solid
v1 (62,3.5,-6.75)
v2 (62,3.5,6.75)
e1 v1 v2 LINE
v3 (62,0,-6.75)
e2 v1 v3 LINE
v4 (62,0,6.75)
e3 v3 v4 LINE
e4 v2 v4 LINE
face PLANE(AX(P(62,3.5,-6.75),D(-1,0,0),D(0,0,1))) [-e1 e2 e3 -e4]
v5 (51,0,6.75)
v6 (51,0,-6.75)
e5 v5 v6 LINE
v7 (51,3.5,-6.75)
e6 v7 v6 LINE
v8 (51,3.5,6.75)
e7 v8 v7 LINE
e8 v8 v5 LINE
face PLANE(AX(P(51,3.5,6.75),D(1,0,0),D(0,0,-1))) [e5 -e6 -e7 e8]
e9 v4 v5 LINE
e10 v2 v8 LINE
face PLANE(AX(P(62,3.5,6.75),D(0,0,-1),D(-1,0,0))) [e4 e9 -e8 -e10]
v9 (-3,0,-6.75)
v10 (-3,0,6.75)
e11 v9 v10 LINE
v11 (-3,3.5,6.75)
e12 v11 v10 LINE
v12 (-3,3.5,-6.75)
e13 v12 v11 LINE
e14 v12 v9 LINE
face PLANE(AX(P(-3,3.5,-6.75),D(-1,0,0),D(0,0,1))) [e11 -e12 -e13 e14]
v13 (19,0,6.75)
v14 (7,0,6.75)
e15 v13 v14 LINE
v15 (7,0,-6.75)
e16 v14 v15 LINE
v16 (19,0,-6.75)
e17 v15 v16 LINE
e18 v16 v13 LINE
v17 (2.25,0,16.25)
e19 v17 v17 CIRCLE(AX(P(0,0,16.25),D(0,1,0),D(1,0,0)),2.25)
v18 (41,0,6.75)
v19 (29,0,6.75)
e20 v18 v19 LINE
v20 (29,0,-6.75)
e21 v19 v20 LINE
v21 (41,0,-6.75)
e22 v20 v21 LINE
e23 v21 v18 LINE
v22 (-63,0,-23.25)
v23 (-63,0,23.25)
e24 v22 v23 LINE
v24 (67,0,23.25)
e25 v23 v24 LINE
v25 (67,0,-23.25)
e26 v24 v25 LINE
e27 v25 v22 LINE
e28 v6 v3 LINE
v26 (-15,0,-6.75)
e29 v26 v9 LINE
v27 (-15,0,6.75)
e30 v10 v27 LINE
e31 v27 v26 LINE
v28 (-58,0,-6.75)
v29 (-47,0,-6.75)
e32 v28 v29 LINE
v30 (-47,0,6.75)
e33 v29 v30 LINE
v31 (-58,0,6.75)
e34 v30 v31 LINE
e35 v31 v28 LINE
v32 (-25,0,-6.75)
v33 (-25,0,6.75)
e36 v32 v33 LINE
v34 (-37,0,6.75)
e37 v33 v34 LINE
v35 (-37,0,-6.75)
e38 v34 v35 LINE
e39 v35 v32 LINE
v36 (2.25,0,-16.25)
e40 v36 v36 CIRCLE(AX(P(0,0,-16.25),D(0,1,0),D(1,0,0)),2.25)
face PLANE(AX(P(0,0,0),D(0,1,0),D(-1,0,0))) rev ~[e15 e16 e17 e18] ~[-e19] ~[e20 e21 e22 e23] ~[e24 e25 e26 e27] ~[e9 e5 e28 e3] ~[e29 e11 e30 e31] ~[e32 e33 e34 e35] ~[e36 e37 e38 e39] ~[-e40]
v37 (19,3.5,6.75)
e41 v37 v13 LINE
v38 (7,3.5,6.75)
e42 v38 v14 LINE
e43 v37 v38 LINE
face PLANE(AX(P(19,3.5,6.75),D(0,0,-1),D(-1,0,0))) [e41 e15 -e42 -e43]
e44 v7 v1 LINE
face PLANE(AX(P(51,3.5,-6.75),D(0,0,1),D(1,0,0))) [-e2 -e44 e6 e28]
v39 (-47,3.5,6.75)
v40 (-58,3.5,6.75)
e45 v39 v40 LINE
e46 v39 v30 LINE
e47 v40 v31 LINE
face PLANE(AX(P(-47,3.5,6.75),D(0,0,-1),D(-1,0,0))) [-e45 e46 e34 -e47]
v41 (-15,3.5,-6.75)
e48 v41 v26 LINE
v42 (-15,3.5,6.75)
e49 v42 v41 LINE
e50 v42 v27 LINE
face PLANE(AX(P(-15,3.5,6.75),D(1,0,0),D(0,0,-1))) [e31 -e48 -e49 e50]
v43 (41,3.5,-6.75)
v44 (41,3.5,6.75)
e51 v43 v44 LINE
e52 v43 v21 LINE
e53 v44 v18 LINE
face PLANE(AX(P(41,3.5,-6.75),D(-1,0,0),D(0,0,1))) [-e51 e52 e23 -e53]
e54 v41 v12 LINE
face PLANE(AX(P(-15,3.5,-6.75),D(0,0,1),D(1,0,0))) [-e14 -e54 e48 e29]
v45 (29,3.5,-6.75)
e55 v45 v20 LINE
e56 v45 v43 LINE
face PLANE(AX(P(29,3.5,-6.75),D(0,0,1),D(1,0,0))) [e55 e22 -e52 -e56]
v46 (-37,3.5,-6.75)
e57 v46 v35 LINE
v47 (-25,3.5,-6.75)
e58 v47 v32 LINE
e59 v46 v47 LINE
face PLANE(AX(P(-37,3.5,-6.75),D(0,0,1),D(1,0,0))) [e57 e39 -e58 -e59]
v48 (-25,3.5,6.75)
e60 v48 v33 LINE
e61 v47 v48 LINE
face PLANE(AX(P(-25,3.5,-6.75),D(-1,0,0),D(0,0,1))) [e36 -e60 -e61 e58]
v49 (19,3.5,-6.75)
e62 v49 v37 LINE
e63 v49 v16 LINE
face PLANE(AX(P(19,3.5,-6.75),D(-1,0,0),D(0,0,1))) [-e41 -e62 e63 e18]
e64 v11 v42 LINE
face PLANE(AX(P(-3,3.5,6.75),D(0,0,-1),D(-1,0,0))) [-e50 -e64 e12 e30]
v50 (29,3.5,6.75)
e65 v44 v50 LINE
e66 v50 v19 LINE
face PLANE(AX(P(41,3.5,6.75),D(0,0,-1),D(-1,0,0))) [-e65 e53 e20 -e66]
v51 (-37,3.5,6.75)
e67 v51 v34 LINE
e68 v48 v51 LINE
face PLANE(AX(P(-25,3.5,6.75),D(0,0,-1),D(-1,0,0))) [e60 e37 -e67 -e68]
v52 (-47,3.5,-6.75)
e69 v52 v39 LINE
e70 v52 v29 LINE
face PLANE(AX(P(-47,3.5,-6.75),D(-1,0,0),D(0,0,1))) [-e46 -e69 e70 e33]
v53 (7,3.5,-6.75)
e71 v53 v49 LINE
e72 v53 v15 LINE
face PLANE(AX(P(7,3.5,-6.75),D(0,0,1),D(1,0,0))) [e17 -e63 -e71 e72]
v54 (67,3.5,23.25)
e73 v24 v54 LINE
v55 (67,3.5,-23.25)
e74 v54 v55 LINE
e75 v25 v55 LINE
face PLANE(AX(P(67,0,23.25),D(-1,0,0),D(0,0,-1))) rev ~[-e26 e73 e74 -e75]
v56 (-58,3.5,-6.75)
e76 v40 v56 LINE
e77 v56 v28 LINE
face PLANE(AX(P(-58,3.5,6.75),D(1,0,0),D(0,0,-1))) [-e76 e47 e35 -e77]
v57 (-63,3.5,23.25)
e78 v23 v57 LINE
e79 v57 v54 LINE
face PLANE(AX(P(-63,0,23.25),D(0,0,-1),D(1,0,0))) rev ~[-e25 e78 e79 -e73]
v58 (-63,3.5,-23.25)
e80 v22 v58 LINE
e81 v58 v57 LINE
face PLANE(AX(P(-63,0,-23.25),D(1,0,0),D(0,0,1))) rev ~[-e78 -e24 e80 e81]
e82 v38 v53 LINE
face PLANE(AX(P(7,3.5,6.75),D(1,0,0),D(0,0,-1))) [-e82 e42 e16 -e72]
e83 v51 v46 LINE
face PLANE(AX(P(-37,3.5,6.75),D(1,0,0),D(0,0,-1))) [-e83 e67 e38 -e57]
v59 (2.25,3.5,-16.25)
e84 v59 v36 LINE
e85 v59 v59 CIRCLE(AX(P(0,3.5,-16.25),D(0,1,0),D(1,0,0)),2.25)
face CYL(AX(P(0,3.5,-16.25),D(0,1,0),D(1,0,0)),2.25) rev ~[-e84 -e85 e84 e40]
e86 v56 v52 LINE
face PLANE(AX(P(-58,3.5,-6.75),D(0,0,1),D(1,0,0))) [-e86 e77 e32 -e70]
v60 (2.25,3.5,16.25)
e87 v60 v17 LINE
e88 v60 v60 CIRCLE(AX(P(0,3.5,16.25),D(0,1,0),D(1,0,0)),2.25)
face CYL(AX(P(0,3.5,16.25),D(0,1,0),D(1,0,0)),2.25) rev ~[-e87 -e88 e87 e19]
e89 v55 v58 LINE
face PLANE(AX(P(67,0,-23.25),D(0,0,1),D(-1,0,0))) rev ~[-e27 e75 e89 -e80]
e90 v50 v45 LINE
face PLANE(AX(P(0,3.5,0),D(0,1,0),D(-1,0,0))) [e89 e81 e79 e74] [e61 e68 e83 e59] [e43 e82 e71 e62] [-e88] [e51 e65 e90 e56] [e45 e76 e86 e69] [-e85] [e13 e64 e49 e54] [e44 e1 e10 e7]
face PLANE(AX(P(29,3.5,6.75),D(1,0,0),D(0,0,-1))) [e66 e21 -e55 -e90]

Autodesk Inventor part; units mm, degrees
ref_plane "YZ Plane" through (0, 0, 0) normal (1, 0, 0) x (0, 1, 0)
ref_plane "XZ Plane" through (0, 0, 0) normal (0, 1, 0) x (-1, 0, 0)
ref_plane "XY Plane" through (0, 0, 0) normal (0, 0, 1) x (1, 0, 0)
sketch "Sketch1" plane through (0, 0, 0) normal (0, 1, 0) x (-1, 0, 0)
  line L0 (63, 23.25) -> (-67, 23.25)
  line L1 (-67, 23.25) -> (-67, -23.25)
  line L2 (-67, -23.25) -> (63, -23.25)
  line L3 (63, -23.25) -> (63, 23.25)
  point P0 (0, 0)
  dimension "d1" = 46.5
  dimension "d2" = 23.25
  dimension "d3" = 130
  dimension "d4" = 67
extrude "Extrusion1" add sketch "Sketch1" along normal blind 3.5
sketch "Sketch3" plane through (0, 3.5, 0) normal (0, 1, 0) x (1, 0, 0)
  line L0 (-58, 6.75) -> (-47, 6.75)
  line L1 (-47, 6.75) -> (-47, -6.75)
  line L2 (-47, -6.75) -> (-58, -6.75)
  line L3 (-58, -6.75) -> (-58, 6.75)
  line L4 (-37, 6.75) -> (-25, 6.75)
  line L5 (-25, 6.75) -> (-25, -6.75)
  line L6 (-25, -6.75) -> (-37, -6.75)
  line L7 (-37, -6.75) -> (-37, 6.75)
  line L8 (-15, 6.75) -> (-3, 6.75)
  line L9 (-3, 6.75) -> (-3, -6.75)
  line L10 (-3, -6.75) -> (-15, -6.75)
  line L11 (-15, -6.75) -> (-15, 6.75)
  line L12 (7, 6.75) -> (19, 6.75)
  line L13 (19, 6.75) -> (19, -6.75)
  line L14 (19, -6.75) -> (7, -6.75)
  line L15 (7, -6.75) -> (7, 6.75)
  line L16 (29, 6.75) -> (41, 6.75)
  line L17 (41, 6.75) -> (41, -6.75)
  line L18 (41, -6.75) -> (29, -6.75)
  line L19 (29, -6.75) -> (29, 6.75)
  line L20 (51, 6.75) -> (62, 6.75)
  line L21 (62, 6.75) -> (62, -6.75)
  line L22 (62, -6.75) -> (51, -6.75)
  line L23 (51, -6.75) -> (51, 6.75)
  line L24 (67, 23.25) -> (-63, 23.25) projected
  line L25 (-63, -23.25) -> (67, -23.25) projected
  line L26 (-63, 23.25) -> (-63, -23.25) projected
  line L27 (67, -23.25) -> (67, 23.25) projected
  point P0 (0, 0)
  dimension "d21" = 16.5
  dimension "d22" = 16.5
  dimension "d23" = 5
  dimension "d24" = 10
  dimension "d25" = 10
  dimension "d26" = 10
  dimension "d27" = 10
  dimension "d28" = 5
  dimension "d29" = 16
  dimension "d30" = 38
  dimension "d31" = 60
  dimension "d32" = 60
  dimension "d33" = 38
  dimension "d34" = 16
extrude "Extrusion3" cut sketch "Sketch3" against normal blind 10 contours L0 L1 L2 L3 | L4 L5 L6 L7 | L8 L9 L10 L11 | L12 L13 L14 L15 | L16 L17 L18 L19 | L20 L21 L22 L23
sketch "Sketch4" plane through (0, 3.5, 0) normal (0, 1, 0) x (1, 0, 0)
  point P0 (0, 0)
sketch "Sketch5" plane through (0, 3.5, 0) normal (0, 1, 0) x (1, 0, 0)
  circle A0 centre (0, 16.25) radius 2.25
  circle A1 centre (0, -16.25) radius 2.25
  line L0 (67, 23.25) -> (-63, 23.25) projected
  line L1 (67, -23.25) -> (67, 23.25) projected
  line L2 (-63, -23.25) -> (67, -23.25) projected
  point P0 (0, 0)
  dimension "d37" = 4.5
  dimension "d38" = 4.5
  dimension "d39" = 7
  dimension "d40" = 67
  dimension "d41" = 7
  dimension "d42" = 67
extrude "Extrusion4" cut sketch "Sketch5" against normal blind 3.5
properties part number "MILESTONE3LID"
